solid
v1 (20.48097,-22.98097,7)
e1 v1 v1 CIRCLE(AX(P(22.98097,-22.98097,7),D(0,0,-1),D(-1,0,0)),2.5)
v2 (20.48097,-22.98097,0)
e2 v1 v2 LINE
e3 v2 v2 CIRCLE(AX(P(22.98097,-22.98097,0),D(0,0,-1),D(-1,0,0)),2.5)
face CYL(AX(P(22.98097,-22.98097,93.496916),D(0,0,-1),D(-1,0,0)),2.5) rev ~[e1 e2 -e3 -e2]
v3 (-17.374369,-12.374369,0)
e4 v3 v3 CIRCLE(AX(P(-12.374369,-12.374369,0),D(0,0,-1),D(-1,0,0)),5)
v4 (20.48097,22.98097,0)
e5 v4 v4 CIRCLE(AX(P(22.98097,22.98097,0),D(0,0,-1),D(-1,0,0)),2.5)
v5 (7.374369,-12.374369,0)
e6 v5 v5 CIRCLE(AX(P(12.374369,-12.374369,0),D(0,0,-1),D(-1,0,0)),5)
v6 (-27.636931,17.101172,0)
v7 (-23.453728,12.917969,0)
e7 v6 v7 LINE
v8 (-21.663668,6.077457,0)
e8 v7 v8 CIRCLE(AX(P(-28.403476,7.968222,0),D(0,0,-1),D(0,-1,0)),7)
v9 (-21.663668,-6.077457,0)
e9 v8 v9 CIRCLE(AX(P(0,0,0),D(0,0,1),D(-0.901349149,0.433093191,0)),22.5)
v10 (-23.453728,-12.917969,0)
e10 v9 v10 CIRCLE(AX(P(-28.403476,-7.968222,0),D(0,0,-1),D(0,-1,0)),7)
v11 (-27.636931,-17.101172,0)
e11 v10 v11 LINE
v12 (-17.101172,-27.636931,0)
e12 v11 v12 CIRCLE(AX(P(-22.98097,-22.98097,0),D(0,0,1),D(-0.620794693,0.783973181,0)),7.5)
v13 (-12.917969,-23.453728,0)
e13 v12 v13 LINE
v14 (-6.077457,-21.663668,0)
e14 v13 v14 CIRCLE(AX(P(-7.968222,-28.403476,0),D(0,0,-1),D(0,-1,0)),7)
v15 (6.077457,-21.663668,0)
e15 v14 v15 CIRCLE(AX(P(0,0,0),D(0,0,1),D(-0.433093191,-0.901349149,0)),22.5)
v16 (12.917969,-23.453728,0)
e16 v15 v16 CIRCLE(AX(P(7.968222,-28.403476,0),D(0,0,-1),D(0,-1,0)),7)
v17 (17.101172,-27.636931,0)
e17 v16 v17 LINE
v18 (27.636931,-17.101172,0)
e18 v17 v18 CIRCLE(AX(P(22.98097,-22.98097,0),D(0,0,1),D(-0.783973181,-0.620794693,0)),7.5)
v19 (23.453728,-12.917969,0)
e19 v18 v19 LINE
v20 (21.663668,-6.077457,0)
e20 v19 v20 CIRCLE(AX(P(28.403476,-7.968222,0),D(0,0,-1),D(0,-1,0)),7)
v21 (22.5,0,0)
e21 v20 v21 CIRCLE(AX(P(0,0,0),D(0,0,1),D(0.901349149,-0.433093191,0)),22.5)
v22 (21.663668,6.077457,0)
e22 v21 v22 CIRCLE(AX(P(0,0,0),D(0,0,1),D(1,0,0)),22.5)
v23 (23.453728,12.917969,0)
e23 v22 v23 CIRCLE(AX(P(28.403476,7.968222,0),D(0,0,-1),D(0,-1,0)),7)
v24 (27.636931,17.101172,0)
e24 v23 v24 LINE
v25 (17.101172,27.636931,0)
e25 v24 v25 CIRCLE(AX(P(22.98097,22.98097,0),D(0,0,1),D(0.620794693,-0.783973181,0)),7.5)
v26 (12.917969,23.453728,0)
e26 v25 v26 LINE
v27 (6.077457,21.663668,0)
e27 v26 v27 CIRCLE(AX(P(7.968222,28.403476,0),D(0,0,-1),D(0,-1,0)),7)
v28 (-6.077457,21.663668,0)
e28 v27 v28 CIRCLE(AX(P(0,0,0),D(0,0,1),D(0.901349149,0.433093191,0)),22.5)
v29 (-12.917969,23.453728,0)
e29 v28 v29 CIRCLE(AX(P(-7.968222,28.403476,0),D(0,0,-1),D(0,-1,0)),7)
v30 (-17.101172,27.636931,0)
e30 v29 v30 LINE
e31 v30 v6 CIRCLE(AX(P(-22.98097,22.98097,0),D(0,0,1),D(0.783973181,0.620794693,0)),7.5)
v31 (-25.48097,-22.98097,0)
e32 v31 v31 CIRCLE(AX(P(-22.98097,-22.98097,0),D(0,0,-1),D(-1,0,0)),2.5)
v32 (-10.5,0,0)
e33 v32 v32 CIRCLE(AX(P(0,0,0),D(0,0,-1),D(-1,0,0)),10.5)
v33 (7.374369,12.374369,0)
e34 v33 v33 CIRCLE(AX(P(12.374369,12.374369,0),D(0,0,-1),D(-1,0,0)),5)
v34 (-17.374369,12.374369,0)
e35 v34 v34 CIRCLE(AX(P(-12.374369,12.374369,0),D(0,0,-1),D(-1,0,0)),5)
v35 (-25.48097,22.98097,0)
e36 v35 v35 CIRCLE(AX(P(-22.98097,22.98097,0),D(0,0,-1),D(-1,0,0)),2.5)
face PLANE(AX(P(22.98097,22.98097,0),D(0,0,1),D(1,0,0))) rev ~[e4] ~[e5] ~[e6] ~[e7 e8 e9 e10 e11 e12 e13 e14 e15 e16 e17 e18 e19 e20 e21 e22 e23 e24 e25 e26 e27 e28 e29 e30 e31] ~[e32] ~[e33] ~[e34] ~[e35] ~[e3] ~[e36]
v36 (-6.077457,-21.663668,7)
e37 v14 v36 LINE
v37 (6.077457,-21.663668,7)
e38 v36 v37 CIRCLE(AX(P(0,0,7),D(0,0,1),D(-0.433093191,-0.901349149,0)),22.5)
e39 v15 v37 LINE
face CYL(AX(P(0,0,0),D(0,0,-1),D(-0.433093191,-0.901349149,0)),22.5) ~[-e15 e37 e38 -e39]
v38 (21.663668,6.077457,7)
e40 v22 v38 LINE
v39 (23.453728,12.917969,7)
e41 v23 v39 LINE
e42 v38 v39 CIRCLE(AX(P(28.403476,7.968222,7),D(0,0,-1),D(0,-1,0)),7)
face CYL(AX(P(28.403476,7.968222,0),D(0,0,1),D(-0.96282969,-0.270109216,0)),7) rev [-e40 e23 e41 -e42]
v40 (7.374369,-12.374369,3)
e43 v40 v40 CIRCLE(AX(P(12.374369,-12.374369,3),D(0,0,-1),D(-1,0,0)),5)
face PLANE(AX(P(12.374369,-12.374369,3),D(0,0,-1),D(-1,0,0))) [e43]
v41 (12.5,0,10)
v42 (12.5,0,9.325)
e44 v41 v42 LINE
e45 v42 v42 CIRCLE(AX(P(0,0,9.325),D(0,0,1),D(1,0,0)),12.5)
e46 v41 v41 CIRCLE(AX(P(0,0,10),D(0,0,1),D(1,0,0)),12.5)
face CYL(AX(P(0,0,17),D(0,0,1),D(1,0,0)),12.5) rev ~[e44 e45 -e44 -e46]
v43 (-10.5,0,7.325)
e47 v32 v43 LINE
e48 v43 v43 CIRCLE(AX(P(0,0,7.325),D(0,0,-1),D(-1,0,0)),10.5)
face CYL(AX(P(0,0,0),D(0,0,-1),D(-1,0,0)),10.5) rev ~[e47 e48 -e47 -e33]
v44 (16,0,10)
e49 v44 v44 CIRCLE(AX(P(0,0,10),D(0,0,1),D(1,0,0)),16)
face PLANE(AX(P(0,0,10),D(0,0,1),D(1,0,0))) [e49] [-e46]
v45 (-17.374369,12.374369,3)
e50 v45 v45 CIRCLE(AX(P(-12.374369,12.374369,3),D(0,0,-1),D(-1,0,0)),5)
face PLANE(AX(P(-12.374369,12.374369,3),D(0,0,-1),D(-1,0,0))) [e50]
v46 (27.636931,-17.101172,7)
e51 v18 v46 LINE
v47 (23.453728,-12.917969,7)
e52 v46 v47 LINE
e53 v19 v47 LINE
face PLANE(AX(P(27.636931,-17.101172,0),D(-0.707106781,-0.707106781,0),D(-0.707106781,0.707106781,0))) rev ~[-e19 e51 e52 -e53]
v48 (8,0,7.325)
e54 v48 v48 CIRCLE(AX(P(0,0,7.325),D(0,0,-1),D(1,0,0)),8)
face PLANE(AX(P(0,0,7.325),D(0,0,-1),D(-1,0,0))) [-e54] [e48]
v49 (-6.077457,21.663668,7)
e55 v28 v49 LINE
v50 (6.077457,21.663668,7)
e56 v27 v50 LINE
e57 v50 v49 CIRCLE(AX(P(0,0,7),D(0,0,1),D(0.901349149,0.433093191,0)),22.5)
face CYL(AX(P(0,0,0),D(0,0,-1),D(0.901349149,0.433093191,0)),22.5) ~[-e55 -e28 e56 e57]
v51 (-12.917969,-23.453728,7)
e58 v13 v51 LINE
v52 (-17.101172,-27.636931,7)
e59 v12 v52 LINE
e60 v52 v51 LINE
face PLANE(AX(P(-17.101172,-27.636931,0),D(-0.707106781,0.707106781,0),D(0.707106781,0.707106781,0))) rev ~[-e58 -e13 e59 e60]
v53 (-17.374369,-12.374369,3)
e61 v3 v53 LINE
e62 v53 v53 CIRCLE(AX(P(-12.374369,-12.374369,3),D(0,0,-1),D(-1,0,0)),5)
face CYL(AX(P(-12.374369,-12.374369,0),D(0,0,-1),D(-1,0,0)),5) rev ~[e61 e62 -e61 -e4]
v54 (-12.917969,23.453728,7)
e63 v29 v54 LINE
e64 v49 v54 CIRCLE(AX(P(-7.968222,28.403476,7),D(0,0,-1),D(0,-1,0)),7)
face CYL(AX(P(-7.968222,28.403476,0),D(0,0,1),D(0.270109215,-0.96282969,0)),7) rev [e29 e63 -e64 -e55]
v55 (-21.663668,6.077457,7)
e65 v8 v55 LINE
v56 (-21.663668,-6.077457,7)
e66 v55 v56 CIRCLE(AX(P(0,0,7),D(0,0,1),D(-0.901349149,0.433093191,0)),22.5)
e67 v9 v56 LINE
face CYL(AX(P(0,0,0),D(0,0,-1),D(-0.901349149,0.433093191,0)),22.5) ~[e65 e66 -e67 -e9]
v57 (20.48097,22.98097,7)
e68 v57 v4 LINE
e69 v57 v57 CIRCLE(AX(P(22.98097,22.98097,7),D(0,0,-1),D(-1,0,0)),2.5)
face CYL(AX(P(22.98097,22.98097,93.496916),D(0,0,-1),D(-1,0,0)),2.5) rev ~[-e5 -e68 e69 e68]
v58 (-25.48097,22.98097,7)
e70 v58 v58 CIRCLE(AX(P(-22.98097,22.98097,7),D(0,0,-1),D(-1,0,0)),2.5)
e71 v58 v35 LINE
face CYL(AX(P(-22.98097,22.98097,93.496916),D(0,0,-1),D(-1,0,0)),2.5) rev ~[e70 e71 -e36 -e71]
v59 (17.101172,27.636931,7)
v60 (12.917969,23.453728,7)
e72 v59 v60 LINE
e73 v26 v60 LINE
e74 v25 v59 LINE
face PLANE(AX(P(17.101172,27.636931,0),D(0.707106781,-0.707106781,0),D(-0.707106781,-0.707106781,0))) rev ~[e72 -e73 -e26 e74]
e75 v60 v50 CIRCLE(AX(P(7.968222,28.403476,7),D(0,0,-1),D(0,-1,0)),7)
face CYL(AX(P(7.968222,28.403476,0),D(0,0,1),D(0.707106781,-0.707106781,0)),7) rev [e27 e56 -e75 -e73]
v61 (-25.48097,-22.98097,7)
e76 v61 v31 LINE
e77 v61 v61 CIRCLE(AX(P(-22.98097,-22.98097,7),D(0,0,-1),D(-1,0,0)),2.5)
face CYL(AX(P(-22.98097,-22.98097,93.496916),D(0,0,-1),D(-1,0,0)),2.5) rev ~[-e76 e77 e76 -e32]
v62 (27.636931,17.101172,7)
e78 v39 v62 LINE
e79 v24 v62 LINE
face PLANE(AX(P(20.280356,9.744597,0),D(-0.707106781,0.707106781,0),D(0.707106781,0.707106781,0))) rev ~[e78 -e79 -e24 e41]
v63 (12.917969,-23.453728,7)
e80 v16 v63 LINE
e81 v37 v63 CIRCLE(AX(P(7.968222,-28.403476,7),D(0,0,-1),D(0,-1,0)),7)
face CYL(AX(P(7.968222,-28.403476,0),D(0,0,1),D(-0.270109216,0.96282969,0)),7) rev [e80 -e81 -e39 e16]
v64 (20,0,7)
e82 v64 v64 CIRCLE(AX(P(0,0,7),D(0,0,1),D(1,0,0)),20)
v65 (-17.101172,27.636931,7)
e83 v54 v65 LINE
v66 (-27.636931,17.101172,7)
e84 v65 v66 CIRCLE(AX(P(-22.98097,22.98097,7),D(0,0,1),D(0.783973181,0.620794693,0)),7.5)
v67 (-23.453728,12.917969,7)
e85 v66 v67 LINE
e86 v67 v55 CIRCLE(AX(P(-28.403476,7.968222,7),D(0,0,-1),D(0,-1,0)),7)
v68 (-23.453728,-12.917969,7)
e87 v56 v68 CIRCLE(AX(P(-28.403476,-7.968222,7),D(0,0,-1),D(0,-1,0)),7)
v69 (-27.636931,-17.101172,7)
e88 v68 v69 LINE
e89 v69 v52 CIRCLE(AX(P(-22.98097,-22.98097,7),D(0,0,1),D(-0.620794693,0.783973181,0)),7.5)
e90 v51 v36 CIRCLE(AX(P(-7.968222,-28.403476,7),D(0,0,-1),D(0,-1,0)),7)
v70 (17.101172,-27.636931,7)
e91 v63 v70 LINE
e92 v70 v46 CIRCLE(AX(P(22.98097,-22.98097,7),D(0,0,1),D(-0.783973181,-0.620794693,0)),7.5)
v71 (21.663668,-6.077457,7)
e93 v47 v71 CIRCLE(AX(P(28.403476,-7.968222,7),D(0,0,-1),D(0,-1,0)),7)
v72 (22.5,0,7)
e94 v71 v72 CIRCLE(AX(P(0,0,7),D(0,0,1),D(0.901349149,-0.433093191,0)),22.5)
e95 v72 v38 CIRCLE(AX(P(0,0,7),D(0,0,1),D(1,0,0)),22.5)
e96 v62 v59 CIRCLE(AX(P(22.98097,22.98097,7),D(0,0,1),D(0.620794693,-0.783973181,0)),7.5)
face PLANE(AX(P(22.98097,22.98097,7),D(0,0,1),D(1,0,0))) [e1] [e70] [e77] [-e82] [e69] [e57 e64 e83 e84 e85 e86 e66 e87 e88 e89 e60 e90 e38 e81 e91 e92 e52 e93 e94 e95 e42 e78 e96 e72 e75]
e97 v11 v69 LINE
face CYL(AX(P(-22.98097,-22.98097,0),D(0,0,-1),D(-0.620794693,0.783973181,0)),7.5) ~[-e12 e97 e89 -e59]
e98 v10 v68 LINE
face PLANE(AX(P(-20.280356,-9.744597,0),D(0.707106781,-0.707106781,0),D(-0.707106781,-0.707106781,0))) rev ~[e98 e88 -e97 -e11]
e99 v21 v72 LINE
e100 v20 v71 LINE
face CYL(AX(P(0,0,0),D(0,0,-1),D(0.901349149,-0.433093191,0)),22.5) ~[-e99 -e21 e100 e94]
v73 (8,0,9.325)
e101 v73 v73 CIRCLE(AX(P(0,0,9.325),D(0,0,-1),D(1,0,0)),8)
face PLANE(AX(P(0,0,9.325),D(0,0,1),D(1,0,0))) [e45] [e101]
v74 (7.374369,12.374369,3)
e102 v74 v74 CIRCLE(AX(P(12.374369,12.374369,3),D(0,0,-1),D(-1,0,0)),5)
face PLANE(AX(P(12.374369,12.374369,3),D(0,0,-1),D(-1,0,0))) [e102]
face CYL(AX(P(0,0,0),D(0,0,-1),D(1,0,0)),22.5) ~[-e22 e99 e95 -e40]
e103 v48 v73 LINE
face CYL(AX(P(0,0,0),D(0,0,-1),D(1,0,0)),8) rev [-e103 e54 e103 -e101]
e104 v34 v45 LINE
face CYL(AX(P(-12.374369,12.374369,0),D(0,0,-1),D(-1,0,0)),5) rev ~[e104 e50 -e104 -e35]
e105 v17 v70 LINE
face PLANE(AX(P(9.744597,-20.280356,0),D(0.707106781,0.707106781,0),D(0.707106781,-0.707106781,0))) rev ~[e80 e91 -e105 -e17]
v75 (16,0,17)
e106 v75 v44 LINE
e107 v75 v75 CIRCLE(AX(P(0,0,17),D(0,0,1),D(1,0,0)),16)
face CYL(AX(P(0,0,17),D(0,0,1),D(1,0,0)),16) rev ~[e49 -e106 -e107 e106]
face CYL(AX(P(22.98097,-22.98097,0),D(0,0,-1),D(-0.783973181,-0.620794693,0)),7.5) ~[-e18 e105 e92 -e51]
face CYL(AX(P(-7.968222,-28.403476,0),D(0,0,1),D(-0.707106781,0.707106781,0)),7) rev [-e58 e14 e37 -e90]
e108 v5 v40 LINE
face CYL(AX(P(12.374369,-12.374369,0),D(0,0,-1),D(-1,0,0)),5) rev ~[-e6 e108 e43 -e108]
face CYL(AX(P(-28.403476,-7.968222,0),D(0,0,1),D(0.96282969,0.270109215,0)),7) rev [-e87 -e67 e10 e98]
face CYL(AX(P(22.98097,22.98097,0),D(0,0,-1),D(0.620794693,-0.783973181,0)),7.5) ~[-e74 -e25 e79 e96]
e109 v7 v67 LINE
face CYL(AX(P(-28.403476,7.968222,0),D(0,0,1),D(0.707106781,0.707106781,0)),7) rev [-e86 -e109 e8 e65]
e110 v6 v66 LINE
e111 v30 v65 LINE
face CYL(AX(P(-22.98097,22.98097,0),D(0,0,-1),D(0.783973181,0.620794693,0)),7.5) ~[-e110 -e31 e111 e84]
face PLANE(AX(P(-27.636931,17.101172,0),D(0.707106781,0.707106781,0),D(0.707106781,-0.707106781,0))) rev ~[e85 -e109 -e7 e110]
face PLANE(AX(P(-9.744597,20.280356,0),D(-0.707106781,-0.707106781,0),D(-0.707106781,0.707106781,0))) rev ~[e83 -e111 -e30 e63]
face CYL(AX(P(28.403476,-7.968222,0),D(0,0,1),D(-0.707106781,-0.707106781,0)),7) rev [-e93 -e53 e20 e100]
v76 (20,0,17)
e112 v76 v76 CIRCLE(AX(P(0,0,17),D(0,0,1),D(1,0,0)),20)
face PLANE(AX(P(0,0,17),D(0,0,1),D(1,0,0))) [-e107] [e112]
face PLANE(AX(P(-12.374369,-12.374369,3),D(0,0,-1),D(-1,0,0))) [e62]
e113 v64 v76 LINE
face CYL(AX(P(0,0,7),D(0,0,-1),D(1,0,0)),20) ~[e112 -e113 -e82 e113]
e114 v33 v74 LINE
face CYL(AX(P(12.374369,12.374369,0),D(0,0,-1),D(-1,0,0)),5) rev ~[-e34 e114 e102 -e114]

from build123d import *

# Parameters (mm, degrees)
SKETCH1_R                             = 7.5
SKETCH1_R_2                           = 22.5
F_5_IN_SHEET_DEPTH                    = 7
FILLET1_R                             = 7
F_5_0_REAMED_OVER_FOR_SHOULDER_BOLT_D = 5
SKETCH8_R                             = 20
BOSS_EXTRUDE2_DEPTH                   = 10
SKETCH2_R                             = 8
THROUGH_HOLE_DEPTH                    = 47.337664072
SKETCH7_R                             = 10.5
INBOARD_BEARING_CUP_DEPTH             = 7.325
SKETCH11_R                            = 12.5
CUT_EXTRUDE5_DEPTH                    = 7.675
SKETCH12_R                            = 16
CUT_EXTRUDE6_DEPTH                    = 7
SKETCH13_R                            = 5
CUT_EXTRUDE7_DEPTH                    = 3


with BuildPart() as part:
    # Sketch1 → .5 in sheet (new body)
    with BuildSketch(Plane.XY):
        with Locations((22.980970389, 22.980970389)):
            Circle(SKETCH1_R)
        Circle(SKETCH1_R_2)
        with Locations((-22.980970389, 22.980970389)):
            Circle(SKETCH1_R)
        with Locations((-22.980970389, -22.980970389)):
            Circle(SKETCH1_R)
        with Locations((22.980970389, -22.980970389)):
            Circle(SKETCH1_R)
        with BuildLine():
            ThreePointArc((-17.10117153, 27.636930588), (-28.284271247, 28.284271247), (-27.636930588, 17.10117153))
            Line((-27.636930588, 17.10117153), (-17.10117153, 27.636930588))
        make_face()
        with BuildLine():
            Line((-17.10117153, 27.636930588), (-27.636930588, 17.10117153))
            ThreePointArc((-27.636930588, 17.10117153), (-19.715216379, 16.229314981), (-15.480970389, 22.980970389))
            ThreePointArc((-15.480970389, 22.980970389), (-15.897592259, 25.445874906), (-17.10117153, 27.636930588))
        make_face()
        with BuildLine():
            Line((-27.636930588, 17.10117153), (-20.280355849, 9.744596791))
            ThreePointArc((-20.280355849, 9.744596791), (-15.909902577, 15.909902577), (-9.744596791, 20.280355849))
            Line((-9.744596791, 20.280355849), (-17.10117153, 27.636930588))
            ThreePointArc((-17.10117153, 27.636930588), (-15.897592259, 25.445874906), (-15.480970389, 22.980970389))
            ThreePointArc((-15.480970389, 22.980970389), (-19.715216379, 16.229314981), (-27.636930588, 17.10117153))
        make_face()
        with BuildLine():
            Line((-20.280355849, 9.744596791), (-10.535759058, 0))
            Line((-10.535759058, 0), (0, 10.535759058))
            Line((0, 10.535759058), (-9.744596791, 20.280355849))
            ThreePointArc((-9.744596791, 20.280355849), (-15.909902577, 15.909902577), (-20.280355849, 9.744596791))
        make_face()
        with BuildLine():
            Line((-9.744596791, 20.280355849), (0, 10.535759058))
            Line((0, 10.535759058), (9.744596791, 20.280355849))
            ThreePointArc((9.744596791, 20.280355849), (0, 22.5), (-9.744596791, 20.280355849))
        make_face()
        with BuildLine():
            Line((-20.280355849, -9.744596791), (-10.535759058, 0))
            Line((-10.535759058, 0), (-20.280355849, 9.744596791))
            ThreePointArc((-20.280355849, 9.744596791), (-22.5, 0), (-20.280355849, -9.744596791))
        make_face()
        with BuildLine():
            ThreePointArc((-9.744596791, -20.280355849), (0, -22.5), (9.744596791, -20.280355849))
            Line((9.744596791, -20.280355849), (0, -10.535759058))
            Line((0, -10.535759058), (-9.744596791, -20.280355849))
        make_face()
        with BuildLine():
            Line((0, -10.535759058), (9.744596791, -20.280355849))
            ThreePointArc((9.744596791, -20.280355849), (15.909902577, -15.909902577), (20.280355849, -9.744596791))
            Line((20.280355849, -9.744596791), (10.535759058, 0))
            Line((10.535759058, 0), (0, -10.535759058))
        make_face()
        with BuildLine():
            Line((10.535759058, 0), (20.280355849, -9.744596791))
            ThreePointArc((20.280355849, -9.744596791), (21.938072005, -4.997098828), (22.5, 0))
            ThreePointArc((22.5, 0), (21.938072005, 4.997098828), (20.280355849, 9.744596791))
            Line((20.280355849, 9.744596791), (10.535759058, 0))
        make_face()
        with BuildLine():
            Line((0, 10.535759058), (10.535759058, 0))
            Line((10.535759058, 0), (20.280355849, 9.744596791))
            ThreePointArc((20.280355849, 9.744596791), (15.909902577, 15.909902577), (9.744596791, 20.280355849))
            Line((9.744596791, 20.280355849), (0, 10.535759058))
        make_face()
        Polygon((-10.535759058, 0), (0, -10.535759058), (10.535759058, 0), (0, 10.535759058), align=None)
        with BuildLine():
            ThreePointArc((17.10117153, 27.636930588), (17.67766953, 17.67766953), (27.636930588, 17.10117153))
            Line((27.636930588, 17.10117153), (17.10117153, 27.636930588))
        make_face()
        with BuildLine():
            Line((17.10117153, 27.636930588), (27.636930588, 17.10117153))
            ThreePointArc((27.636930588, 17.10117153), (29.732625796, 19.715216379), (30.480970389, 22.980970389))
            ThreePointArc((30.480970389, 22.980970389), (25.445874906, 30.064348518), (17.10117153, 27.636930588))
        make_face()
        with BuildLine():
            ThreePointArc((9.744596791, 20.280355849), (15.909902577, 15.909902577), (20.280355849, 9.744596791))
            Line((20.280355849, 9.744596791), (27.636930588, 17.10117153))
            ThreePointArc((27.636930588, 17.10117153), (17.67766953, 17.67766953), (17.10117153, 27.636930588))
            Line((17.10117153, 27.636930588), (9.744596791, 20.280355849))
        make_face()
        with BuildLine():
            ThreePointArc((27.636930588, -17.10117153), (17.67766953, -17.67766953), (17.10117153, -27.636930588))
            Line((17.10117153, -27.636930588), (27.636930588, -17.10117153))
        make_face()
        with BuildLine():
            Line((27.636930588, -17.10117153), (17.10117153, -27.636930588))
            ThreePointArc((17.10117153, -27.636930588), (25.445874906, -30.064348518), (30.480970389, -22.980970389))
            ThreePointArc((30.480970389, -22.980970389), (29.732625796, -19.715216379), (27.636930588, -17.10117153))
        make_face()
        with BuildLine():
            Line((9.744596791, -20.280355849), (17.10117153, -27.636930588))
            ThreePointArc((17.10117153, -27.636930588), (17.67766953, -17.67766953), (27.636930588, -17.10117153))
            Line((27.636930588, -17.10117153), (20.280355849, -9.744596791))
            ThreePointArc((20.280355849, -9.744596791), (15.909902577, -15.909902577), (9.744596791, -20.280355849))
        make_face()
        with BuildLine():
            ThreePointArc((-27.636930588, -17.10117153), (-28.284271247, -28.284271247), (-17.10117153, -27.636930588))
            Line((-17.10117153, -27.636930588), (-27.636930588, -17.10117153))
        make_face()
        with BuildLine():
            Line((-27.636930588, -17.10117153), (-17.10117153, -27.636930588))
            ThreePointArc((-17.10117153, -27.636930588), (-15.897592259, -25.445874906), (-15.480970389, -22.980970389))
            ThreePointArc((-15.480970389, -22.980970389), (-19.715216379, -16.229314981), (-27.636930588, -17.10117153))
        make_face()
        with BuildLine():
            Line((-17.10117153, -27.636930588), (-9.744596791, -20.280355849))
            ThreePointArc((-9.744596791, -20.280355849), (-15.909902577, -15.909902577), (-20.280355849, -9.744596791))
            Line((-20.280355849, -9.744596791), (-27.636930588, -17.10117153))
            ThreePointArc((-27.636930588, -17.10117153), (-19.715216379, -16.229314981), (-15.480970389, -22.980970389))
            ThreePointArc((-15.480970389, -22.980970389), (-15.897592259, -25.445874906), (-17.10117153, -27.636930588))
        make_face()
    extrude(amount=F_5_IN_SHEET_DEPTH)

    # Fillet1
    fillet1_edges = [part.edges().sort_by_distance(p)[0] for p in [
        (-9.744596791, -20.280355849, 3.5),
        (-20.280355849, -9.744596791, 3.5),
        (-20.280355849, 9.744596791, 3.5),
        (-9.744596791, 20.280355849, 3.5),
        (9.744596791, 20.280355849, 3.5),
        (20.280355849, 9.744596791, 3.5),
        (20.280355849, -9.744596791, 3.5),
        (9.744596791, -20.280355849, 3.5),
    ]]
    fillet(fillet1_edges, radius=FILLET1_R)

    # Ø5.0 Reamed over for shoulder bolt (through all)
    with Locations(Plane(origin=(-11.055401524, 12.777106872, 7), x_dir=(1, 0, 0), z_dir=(0, 0, 1))):
        with Locations((-11.925568864, 10.203863517), (34.036371913, 10.203863517), (34.036371913, -35.758077261), (-11.925568864, -35.758077261)):
            Hole(F_5_0_REAMED_OVER_FOR_SHOULDER_BOLT_D / 2)

    # Sketch8 → Boss-Extrude2 (add)
    with BuildSketch(Plane.XY.offset(7)):
        Circle(SKETCH8_R)
    extrude(amount=BOSS_EXTRUDE2_DEPTH)

    # Sketch2 → Through hole (cut, through all)
    with BuildSketch(Plane.XY):
        Circle(SKETCH2_R)
    extrude(amount=THROUGH_HOLE_DEPTH, mode=Mode.SUBTRACT)

    # Sketch7 → Inboard bearing cup (cut)
    with BuildSketch(Plane(origin=(0, 0, 0), x_dir=(-1, 0, 0), z_dir=(0, 0, -1))):
        Circle(SKETCH7_R)
    extrude(amount=-INBOARD_BEARING_CUP_DEPTH, mode=Mode.SUBTRACT)

    # Sketch11 → Cut-Extrude5 (cut)
    with BuildSketch(Plane.XY.offset(17)):
        Circle(SKETCH11_R)
    extrude(amount=-CUT_EXTRUDE5_DEPTH, mode=Mode.SUBTRACT)

    # Sketch12 → Cut-Extrude6 (cut)
    with BuildSketch(Plane.XY.offset(17)):
        Circle(SKETCH12_R)
    extrude(amount=-CUT_EXTRUDE6_DEPTH, mode=Mode.SUBTRACT)

    # Sketch13 → Cut-Extrude7 (cut)
    with BuildSketch(Plane(origin=(0, 0, 0), x_dir=(-1, 0, 0), z_dir=(0, 0, -1))):
        with Locations((12.374368671, 12.374368671)):
            Circle(SKETCH13_R)
        with Locations((-12.374368671, 12.374368671)):
            Circle(SKETCH13_R)
        with Locations((-12.374368671, -12.374368671)):
            Circle(SKETCH13_R)
        with Locations((12.374368671, -12.374368671)):
            Circle(SKETCH13_R)
    extrude(amount=-CUT_EXTRUDE7_DEPTH, mode=Mode.SUBTRACT)


solid = part.part
